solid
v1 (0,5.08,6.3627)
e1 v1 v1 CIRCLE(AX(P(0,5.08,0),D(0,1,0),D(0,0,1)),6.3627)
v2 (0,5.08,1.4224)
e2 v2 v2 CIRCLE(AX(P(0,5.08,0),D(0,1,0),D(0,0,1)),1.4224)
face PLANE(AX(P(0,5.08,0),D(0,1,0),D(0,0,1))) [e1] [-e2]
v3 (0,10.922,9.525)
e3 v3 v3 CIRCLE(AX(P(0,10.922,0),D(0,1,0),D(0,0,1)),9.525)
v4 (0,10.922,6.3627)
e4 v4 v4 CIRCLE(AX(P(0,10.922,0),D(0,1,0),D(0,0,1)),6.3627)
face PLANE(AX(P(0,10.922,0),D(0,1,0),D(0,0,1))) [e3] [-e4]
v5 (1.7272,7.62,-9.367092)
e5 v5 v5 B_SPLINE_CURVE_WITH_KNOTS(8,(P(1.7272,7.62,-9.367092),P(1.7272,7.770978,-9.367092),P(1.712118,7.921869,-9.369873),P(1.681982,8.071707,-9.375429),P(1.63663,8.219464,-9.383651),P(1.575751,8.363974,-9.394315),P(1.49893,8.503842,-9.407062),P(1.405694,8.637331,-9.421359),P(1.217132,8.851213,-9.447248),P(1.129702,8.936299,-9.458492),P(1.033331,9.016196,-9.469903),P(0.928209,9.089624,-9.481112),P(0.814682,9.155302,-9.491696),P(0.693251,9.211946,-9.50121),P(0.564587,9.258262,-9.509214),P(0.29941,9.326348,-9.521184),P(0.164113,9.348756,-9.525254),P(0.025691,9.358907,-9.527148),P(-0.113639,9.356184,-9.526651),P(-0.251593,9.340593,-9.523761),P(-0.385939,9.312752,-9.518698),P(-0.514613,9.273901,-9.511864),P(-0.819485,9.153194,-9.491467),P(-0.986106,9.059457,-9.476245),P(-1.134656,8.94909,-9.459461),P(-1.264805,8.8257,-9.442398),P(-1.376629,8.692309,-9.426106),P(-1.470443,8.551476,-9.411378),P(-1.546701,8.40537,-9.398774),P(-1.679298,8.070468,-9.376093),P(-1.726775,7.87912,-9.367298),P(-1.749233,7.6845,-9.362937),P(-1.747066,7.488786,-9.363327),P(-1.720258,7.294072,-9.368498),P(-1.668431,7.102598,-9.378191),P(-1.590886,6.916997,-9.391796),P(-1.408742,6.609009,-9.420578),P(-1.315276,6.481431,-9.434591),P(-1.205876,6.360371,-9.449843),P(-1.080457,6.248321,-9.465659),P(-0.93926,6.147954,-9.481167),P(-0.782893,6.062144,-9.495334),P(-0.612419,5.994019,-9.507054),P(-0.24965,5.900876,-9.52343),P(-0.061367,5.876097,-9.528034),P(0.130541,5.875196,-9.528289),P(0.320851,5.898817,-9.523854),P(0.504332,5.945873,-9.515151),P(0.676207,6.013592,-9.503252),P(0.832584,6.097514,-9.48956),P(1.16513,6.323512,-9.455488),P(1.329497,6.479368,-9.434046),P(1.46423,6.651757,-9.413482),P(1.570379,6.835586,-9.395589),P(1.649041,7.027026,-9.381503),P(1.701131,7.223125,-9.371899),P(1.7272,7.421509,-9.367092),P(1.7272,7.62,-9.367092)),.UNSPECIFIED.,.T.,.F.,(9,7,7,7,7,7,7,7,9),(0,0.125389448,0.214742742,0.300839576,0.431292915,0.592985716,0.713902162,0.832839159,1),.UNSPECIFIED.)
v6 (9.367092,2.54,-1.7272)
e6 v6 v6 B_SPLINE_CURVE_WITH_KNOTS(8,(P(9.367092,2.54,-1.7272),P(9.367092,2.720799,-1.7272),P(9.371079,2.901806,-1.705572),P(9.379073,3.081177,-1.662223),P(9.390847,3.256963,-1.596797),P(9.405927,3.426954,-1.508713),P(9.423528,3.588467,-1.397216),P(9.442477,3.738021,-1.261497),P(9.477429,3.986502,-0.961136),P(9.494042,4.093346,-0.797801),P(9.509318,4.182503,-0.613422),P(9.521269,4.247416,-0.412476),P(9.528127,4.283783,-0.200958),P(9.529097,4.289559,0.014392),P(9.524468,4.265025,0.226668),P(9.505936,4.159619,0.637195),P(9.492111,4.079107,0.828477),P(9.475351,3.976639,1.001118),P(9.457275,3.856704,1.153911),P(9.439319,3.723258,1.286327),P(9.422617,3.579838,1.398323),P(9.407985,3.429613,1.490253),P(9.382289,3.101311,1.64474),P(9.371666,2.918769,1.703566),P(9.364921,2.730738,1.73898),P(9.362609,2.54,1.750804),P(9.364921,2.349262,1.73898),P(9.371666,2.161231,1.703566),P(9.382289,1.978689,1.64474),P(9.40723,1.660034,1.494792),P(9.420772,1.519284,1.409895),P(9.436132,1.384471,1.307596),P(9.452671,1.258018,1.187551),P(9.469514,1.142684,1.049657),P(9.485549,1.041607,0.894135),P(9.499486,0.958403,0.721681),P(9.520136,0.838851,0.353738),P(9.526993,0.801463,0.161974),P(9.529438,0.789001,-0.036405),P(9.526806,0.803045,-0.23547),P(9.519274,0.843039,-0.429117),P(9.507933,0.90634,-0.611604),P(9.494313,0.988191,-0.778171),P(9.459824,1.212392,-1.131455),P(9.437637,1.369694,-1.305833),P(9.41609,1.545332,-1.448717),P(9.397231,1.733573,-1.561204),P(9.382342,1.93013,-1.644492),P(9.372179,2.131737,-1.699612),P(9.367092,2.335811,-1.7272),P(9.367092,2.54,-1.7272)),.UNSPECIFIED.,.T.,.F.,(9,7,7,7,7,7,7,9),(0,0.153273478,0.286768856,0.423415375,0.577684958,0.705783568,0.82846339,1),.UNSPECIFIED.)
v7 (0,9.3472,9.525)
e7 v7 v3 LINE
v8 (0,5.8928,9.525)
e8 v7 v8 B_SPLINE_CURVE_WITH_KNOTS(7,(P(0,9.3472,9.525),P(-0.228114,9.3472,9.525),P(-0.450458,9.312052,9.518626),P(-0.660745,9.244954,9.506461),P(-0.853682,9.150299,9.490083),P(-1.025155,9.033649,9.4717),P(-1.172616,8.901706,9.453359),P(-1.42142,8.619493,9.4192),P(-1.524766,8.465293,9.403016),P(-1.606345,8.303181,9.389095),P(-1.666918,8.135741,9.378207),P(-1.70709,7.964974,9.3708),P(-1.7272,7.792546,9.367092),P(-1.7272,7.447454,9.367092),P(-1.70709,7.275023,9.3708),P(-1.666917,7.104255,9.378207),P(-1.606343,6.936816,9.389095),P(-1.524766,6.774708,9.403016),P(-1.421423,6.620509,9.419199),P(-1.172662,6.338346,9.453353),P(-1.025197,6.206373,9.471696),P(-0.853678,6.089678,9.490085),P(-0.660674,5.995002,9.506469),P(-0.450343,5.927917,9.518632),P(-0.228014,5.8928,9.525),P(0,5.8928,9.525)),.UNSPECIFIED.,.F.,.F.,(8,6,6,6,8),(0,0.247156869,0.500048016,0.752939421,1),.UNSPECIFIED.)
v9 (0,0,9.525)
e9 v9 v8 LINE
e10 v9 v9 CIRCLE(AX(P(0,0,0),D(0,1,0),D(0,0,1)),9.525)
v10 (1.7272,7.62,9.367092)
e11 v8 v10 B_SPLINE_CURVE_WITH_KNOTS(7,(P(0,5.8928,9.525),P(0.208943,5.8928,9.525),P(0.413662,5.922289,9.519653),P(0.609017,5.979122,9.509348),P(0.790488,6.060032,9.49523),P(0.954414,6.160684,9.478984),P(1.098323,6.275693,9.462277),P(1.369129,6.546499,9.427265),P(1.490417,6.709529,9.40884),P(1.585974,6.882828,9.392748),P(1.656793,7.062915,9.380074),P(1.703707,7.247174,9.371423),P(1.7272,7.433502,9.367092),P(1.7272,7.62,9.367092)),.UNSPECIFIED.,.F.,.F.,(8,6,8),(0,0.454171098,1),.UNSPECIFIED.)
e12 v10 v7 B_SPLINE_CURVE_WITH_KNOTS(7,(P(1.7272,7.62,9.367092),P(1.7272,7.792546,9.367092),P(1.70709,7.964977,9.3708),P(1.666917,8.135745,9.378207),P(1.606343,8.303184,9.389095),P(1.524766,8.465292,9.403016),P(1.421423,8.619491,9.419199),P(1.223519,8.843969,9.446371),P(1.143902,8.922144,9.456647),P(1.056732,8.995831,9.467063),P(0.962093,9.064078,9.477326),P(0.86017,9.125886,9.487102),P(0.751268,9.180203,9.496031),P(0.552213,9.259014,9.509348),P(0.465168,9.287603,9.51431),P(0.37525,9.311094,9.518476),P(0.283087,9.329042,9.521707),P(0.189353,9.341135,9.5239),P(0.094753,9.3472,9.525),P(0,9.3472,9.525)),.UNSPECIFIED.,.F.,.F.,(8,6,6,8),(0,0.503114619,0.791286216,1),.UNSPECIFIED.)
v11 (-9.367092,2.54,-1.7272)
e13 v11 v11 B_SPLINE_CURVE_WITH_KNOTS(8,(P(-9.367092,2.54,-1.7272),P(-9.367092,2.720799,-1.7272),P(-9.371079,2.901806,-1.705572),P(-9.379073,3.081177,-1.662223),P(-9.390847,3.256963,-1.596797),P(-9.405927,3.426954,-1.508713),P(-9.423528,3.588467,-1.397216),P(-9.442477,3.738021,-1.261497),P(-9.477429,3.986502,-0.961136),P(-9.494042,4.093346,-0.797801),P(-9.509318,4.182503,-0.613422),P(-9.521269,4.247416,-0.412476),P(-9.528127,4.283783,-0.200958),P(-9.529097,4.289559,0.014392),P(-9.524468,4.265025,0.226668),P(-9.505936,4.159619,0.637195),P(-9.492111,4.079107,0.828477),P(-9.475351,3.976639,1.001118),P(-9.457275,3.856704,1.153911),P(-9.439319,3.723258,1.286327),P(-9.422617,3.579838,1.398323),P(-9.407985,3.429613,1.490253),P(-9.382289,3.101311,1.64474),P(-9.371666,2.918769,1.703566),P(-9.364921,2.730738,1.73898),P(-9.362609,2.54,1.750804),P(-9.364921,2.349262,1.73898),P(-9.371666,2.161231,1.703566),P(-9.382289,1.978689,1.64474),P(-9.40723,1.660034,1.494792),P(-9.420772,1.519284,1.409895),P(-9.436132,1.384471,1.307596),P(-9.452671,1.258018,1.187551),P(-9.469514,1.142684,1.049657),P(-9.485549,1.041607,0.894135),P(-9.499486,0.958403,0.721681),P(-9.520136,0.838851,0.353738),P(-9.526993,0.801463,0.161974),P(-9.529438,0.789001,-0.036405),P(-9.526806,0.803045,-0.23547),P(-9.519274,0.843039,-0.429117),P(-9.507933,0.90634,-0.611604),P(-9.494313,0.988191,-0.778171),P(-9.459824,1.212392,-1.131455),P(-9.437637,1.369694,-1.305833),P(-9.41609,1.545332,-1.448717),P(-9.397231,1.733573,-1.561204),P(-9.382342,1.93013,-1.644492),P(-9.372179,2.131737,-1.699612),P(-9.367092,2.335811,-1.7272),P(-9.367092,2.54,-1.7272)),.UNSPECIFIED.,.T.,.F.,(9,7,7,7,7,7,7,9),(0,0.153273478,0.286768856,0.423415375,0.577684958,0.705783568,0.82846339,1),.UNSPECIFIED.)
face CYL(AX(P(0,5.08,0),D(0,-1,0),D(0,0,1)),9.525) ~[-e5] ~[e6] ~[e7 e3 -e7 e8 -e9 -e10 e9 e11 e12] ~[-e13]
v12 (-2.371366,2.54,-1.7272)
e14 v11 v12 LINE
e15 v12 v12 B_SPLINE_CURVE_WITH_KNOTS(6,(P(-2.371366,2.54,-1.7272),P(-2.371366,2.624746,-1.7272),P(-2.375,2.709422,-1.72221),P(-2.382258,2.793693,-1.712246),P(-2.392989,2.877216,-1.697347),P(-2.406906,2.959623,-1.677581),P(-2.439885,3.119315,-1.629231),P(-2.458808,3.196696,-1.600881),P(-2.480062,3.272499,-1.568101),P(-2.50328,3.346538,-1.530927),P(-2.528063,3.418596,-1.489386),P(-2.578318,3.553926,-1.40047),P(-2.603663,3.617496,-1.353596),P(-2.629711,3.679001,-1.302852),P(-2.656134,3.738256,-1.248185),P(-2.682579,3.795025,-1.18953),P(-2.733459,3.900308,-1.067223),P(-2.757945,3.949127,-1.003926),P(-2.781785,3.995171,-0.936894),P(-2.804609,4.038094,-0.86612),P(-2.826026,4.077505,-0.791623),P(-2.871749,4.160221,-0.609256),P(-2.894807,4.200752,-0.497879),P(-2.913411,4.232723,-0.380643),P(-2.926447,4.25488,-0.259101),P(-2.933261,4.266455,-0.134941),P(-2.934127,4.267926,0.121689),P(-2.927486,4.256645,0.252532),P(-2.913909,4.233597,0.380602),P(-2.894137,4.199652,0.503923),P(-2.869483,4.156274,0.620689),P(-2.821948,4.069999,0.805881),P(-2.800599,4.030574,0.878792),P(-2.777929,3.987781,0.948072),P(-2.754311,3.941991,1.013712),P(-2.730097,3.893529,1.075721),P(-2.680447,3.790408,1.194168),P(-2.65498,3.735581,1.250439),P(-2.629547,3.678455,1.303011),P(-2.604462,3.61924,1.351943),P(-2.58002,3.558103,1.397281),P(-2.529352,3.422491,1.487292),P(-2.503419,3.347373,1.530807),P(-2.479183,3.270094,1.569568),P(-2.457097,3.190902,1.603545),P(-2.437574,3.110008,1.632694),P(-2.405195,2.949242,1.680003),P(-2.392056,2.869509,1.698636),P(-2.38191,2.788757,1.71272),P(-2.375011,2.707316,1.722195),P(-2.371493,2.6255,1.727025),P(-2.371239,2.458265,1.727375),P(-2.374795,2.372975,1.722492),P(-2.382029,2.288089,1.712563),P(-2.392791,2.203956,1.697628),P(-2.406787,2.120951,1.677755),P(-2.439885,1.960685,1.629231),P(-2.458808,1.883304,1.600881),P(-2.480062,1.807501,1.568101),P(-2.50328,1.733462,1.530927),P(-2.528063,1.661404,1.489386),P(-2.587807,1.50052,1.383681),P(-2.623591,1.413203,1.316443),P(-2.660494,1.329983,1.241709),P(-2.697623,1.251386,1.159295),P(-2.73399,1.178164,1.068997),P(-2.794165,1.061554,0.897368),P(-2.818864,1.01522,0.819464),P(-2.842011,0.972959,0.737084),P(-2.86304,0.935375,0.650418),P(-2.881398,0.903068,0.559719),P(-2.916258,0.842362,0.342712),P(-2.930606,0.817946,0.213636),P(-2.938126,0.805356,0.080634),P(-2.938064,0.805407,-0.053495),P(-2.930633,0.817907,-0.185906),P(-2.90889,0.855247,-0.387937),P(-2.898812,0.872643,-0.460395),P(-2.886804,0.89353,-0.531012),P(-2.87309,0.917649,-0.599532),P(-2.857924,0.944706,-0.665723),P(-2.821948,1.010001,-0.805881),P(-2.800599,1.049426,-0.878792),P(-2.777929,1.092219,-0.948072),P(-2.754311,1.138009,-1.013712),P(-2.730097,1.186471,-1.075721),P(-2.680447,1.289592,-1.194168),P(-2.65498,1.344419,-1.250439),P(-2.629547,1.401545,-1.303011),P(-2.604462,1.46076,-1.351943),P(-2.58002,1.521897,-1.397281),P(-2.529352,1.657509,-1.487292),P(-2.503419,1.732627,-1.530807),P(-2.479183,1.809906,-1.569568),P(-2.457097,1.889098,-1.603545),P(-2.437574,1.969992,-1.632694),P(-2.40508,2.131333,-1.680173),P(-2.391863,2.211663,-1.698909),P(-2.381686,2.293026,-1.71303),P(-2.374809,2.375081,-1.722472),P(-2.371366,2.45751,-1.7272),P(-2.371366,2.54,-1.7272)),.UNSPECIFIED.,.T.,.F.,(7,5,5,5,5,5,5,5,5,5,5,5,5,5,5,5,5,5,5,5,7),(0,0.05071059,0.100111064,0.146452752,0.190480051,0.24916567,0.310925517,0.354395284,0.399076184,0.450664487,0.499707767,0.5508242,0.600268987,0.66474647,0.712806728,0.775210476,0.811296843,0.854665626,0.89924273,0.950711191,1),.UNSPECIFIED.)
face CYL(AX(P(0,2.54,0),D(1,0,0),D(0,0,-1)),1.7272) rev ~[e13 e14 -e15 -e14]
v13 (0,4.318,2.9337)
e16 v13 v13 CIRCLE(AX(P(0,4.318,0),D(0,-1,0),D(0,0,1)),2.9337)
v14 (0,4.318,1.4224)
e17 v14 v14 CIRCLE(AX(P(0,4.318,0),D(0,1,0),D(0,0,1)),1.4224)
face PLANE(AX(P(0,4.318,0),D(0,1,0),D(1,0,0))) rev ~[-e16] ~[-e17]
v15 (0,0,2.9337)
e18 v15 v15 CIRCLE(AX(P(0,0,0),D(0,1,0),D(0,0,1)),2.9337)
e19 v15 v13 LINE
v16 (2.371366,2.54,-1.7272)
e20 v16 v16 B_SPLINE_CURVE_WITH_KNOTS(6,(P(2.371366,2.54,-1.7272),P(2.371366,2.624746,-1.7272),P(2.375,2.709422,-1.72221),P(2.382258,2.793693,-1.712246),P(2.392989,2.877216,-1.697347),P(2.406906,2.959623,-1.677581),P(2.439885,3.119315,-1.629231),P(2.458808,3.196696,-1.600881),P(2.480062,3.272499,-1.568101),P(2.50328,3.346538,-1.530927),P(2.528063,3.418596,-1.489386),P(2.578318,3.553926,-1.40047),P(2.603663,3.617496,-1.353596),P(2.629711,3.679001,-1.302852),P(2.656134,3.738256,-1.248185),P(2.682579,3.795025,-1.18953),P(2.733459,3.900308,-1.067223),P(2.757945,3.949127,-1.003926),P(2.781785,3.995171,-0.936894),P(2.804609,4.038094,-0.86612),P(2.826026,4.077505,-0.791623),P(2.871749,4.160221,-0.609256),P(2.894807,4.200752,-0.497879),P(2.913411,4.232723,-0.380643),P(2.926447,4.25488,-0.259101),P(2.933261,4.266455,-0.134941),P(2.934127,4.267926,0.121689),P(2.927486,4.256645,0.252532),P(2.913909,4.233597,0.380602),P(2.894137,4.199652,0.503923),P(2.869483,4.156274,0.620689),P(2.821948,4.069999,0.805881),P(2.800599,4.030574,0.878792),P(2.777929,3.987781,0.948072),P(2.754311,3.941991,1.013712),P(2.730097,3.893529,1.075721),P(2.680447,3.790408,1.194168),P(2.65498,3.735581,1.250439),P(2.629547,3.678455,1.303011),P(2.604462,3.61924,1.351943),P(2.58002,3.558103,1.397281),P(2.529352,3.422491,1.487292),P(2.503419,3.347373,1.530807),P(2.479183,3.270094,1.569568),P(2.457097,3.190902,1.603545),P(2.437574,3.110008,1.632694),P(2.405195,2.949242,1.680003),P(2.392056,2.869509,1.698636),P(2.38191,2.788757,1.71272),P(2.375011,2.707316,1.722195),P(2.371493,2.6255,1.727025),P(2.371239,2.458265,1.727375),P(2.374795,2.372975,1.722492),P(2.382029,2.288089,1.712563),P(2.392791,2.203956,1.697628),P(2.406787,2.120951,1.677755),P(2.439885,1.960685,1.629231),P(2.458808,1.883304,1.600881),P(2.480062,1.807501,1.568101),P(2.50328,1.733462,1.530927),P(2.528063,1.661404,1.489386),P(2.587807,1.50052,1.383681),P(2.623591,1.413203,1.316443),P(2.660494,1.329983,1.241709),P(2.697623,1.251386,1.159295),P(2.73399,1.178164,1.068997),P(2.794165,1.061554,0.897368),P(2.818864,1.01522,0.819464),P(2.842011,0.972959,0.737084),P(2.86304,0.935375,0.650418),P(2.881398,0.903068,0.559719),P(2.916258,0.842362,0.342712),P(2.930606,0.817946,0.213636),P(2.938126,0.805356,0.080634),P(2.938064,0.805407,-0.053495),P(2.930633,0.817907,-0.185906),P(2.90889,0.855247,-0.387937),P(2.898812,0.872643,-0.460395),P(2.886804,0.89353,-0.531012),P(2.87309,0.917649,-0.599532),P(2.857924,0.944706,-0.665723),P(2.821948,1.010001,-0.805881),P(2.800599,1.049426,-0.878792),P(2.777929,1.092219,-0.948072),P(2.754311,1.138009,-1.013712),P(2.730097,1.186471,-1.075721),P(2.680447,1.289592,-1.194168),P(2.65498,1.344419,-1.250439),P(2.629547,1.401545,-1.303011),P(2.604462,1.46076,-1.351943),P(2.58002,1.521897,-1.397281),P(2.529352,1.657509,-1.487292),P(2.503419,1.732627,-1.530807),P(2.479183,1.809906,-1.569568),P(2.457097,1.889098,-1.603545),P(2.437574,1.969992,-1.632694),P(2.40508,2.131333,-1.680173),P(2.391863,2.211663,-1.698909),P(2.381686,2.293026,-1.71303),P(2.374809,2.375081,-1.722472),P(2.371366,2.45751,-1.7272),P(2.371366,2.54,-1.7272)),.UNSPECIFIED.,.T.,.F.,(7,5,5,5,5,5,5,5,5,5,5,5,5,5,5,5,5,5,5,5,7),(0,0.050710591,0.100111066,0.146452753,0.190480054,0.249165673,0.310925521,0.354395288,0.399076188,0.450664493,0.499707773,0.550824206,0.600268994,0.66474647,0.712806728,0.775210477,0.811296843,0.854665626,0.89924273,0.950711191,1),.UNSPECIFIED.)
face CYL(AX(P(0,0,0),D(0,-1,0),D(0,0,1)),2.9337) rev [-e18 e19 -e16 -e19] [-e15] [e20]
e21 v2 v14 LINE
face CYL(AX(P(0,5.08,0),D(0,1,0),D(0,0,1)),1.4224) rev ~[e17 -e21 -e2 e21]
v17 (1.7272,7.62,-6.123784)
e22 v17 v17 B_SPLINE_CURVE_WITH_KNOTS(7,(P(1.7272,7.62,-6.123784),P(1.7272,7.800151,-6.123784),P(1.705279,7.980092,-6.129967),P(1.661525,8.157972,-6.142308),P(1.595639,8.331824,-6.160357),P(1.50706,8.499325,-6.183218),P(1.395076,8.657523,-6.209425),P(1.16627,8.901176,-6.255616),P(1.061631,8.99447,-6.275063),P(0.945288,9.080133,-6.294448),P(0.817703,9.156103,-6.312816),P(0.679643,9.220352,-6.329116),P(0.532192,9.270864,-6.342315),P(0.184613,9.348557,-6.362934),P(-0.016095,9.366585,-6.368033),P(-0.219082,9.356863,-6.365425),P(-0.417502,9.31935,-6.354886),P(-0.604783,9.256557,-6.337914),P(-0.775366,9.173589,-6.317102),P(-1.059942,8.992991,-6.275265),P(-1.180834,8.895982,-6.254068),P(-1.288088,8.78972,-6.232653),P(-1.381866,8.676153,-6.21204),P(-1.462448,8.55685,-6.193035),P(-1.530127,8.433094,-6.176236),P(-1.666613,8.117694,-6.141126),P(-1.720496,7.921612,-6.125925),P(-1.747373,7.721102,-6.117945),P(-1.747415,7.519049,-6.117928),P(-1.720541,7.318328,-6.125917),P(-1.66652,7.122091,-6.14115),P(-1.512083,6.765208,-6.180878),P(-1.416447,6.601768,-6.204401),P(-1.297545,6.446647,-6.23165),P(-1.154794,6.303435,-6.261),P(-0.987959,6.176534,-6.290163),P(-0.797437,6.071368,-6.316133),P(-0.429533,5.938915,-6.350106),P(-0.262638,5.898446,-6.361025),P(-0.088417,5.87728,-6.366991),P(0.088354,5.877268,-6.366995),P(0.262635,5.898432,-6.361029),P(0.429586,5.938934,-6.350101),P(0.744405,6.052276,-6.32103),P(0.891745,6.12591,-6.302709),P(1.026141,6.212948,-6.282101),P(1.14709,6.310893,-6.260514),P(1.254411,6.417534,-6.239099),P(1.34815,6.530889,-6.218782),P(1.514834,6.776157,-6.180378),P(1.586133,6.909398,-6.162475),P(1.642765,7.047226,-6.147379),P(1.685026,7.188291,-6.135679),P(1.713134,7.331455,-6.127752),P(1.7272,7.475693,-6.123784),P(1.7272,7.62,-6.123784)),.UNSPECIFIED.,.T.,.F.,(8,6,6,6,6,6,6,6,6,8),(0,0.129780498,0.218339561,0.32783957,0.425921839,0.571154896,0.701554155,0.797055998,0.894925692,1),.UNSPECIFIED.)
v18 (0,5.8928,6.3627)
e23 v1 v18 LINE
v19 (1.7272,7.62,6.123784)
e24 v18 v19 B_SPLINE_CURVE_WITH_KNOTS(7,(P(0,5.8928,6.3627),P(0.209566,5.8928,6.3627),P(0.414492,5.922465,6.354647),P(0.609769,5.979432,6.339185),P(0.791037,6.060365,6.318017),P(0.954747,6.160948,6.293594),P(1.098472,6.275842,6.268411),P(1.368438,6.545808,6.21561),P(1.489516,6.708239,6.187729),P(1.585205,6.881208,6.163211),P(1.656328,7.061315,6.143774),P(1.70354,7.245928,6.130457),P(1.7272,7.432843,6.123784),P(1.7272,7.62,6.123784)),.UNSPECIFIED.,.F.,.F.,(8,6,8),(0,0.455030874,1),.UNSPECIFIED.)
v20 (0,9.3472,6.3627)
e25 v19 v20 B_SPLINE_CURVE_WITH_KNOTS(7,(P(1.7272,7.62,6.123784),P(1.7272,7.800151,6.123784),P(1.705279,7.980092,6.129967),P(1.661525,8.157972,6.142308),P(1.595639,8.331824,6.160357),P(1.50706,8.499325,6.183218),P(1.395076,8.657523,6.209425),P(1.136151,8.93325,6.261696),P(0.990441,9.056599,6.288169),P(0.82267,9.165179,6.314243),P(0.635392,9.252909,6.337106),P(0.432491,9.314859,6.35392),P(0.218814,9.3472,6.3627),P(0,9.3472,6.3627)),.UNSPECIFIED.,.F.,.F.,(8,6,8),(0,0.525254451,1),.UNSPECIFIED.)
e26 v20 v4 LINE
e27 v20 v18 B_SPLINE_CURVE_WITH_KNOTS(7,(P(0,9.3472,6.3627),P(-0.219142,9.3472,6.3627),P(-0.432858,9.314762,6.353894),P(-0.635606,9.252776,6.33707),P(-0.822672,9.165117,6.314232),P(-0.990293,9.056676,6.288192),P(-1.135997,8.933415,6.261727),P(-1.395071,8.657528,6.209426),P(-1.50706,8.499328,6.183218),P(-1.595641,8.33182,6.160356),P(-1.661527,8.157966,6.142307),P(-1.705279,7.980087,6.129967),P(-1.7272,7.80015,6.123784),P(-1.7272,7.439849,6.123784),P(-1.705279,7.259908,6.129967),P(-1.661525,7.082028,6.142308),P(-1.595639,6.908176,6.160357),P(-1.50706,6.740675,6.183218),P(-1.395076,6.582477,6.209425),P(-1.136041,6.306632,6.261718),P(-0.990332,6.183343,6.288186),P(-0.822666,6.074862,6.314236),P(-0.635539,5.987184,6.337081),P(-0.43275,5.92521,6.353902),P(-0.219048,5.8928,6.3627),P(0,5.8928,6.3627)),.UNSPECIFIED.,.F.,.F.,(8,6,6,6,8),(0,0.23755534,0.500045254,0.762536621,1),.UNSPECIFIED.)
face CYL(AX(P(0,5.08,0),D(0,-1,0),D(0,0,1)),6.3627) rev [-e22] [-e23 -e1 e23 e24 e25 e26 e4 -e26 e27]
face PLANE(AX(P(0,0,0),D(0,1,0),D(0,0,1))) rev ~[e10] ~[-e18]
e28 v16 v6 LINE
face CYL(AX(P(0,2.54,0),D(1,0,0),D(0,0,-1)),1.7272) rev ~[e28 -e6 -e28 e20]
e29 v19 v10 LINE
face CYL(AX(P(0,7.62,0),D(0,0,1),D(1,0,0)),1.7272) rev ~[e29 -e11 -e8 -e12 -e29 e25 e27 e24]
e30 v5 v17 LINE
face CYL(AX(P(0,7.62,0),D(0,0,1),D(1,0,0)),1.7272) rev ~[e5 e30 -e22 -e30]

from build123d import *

# Parameters (mm, degrees)
SKETCH1_R           = 9.525
SKETCH1_R_2         = 2.9337
BOSS_EXTRUDE1_DEPTH = 5.08
SKETCH2_R           = 9.525
SKETCH2_R_2         = 6.3627
BOSS_EXTRUDE2_DEPTH = 5.842
SKETCH3_R           = 1.7272
CUT_EXTRUDE1_DEPTH  = 12.7
SKETCH4_R           = 1.7272
CUT_EXTRUDE2_DEPTH  = 12.7
SKETCH6_R           = 4.231677678
SKETCH6_R_2         = 1.4224
BOSS_EXTRUDE4_DEPTH = 0.762


with BuildPart() as part:
    # Sketch1 → Boss-Extrude1 (new body)
    with BuildSketch(Plane(origin=(0, 0, 0), x_dir=(1, 0, 0), z_dir=(0, 1, 0))):
        with Locations(Location((0, 0, 0), (0, 0, 270))):
            Circle(SKETCH1_R)
        with Locations(Location((0, 0, 0), (0, 0, 270))):
            Circle(SKETCH1_R_2, mode=Mode.SUBTRACT)
    extrude(amount=BOSS_EXTRUDE1_DEPTH)

    # Sketch2 → Boss-Extrude2 (add)
    with BuildSketch(Plane(origin=(0, 5.08, 0), x_dir=(1, 0, 0), z_dir=(0, 1, 0))):
        with Locations(Location((0, 0, 0), (0, 0, 270))):
            Circle(SKETCH2_R)
        with Locations(Location((0, 0, 0), (0, 0, 270))):
            Circle(SKETCH2_R_2, mode=Mode.SUBTRACT)
    extrude(amount=BOSS_EXTRUDE2_DEPTH)

    # Sketch3 → Cut-Extrude1 (cut, symmetric)
    with BuildSketch(Plane.XY):
        with Locations((0, 7.62)):
            Circle(SKETCH3_R)
    extrude(amount=CUT_EXTRUDE1_DEPTH, both=True, mode=Mode.SUBTRACT)

    # Sketch4 → Cut-Extrude2 (cut, symmetric)
    with BuildSketch(Plane(origin=(0, 0, 0), x_dir=(0, 0, -1), z_dir=(1, 0, 0))):
        with Locations((0, 2.54)):
            Circle(SKETCH4_R)
    extrude(amount=CUT_EXTRUDE2_DEPTH, both=True, mode=Mode.SUBTRACT)

    # Sketch6 → Boss-Extrude4 (add)
    with BuildSketch(Plane(origin=(0, 5.08, 0), x_dir=(1, 0, 0), z_dir=(0, 1, 0))):
        Circle(SKETCH6_R)
        with Locations(Location((0, 0, 0), (0, 0, 270))):
            Circle(SKETCH6_R_2, mode=Mode.SUBTRACT)
    extrude(amount=-BOSS_EXTRUDE4_DEPTH)


solid = part.part
